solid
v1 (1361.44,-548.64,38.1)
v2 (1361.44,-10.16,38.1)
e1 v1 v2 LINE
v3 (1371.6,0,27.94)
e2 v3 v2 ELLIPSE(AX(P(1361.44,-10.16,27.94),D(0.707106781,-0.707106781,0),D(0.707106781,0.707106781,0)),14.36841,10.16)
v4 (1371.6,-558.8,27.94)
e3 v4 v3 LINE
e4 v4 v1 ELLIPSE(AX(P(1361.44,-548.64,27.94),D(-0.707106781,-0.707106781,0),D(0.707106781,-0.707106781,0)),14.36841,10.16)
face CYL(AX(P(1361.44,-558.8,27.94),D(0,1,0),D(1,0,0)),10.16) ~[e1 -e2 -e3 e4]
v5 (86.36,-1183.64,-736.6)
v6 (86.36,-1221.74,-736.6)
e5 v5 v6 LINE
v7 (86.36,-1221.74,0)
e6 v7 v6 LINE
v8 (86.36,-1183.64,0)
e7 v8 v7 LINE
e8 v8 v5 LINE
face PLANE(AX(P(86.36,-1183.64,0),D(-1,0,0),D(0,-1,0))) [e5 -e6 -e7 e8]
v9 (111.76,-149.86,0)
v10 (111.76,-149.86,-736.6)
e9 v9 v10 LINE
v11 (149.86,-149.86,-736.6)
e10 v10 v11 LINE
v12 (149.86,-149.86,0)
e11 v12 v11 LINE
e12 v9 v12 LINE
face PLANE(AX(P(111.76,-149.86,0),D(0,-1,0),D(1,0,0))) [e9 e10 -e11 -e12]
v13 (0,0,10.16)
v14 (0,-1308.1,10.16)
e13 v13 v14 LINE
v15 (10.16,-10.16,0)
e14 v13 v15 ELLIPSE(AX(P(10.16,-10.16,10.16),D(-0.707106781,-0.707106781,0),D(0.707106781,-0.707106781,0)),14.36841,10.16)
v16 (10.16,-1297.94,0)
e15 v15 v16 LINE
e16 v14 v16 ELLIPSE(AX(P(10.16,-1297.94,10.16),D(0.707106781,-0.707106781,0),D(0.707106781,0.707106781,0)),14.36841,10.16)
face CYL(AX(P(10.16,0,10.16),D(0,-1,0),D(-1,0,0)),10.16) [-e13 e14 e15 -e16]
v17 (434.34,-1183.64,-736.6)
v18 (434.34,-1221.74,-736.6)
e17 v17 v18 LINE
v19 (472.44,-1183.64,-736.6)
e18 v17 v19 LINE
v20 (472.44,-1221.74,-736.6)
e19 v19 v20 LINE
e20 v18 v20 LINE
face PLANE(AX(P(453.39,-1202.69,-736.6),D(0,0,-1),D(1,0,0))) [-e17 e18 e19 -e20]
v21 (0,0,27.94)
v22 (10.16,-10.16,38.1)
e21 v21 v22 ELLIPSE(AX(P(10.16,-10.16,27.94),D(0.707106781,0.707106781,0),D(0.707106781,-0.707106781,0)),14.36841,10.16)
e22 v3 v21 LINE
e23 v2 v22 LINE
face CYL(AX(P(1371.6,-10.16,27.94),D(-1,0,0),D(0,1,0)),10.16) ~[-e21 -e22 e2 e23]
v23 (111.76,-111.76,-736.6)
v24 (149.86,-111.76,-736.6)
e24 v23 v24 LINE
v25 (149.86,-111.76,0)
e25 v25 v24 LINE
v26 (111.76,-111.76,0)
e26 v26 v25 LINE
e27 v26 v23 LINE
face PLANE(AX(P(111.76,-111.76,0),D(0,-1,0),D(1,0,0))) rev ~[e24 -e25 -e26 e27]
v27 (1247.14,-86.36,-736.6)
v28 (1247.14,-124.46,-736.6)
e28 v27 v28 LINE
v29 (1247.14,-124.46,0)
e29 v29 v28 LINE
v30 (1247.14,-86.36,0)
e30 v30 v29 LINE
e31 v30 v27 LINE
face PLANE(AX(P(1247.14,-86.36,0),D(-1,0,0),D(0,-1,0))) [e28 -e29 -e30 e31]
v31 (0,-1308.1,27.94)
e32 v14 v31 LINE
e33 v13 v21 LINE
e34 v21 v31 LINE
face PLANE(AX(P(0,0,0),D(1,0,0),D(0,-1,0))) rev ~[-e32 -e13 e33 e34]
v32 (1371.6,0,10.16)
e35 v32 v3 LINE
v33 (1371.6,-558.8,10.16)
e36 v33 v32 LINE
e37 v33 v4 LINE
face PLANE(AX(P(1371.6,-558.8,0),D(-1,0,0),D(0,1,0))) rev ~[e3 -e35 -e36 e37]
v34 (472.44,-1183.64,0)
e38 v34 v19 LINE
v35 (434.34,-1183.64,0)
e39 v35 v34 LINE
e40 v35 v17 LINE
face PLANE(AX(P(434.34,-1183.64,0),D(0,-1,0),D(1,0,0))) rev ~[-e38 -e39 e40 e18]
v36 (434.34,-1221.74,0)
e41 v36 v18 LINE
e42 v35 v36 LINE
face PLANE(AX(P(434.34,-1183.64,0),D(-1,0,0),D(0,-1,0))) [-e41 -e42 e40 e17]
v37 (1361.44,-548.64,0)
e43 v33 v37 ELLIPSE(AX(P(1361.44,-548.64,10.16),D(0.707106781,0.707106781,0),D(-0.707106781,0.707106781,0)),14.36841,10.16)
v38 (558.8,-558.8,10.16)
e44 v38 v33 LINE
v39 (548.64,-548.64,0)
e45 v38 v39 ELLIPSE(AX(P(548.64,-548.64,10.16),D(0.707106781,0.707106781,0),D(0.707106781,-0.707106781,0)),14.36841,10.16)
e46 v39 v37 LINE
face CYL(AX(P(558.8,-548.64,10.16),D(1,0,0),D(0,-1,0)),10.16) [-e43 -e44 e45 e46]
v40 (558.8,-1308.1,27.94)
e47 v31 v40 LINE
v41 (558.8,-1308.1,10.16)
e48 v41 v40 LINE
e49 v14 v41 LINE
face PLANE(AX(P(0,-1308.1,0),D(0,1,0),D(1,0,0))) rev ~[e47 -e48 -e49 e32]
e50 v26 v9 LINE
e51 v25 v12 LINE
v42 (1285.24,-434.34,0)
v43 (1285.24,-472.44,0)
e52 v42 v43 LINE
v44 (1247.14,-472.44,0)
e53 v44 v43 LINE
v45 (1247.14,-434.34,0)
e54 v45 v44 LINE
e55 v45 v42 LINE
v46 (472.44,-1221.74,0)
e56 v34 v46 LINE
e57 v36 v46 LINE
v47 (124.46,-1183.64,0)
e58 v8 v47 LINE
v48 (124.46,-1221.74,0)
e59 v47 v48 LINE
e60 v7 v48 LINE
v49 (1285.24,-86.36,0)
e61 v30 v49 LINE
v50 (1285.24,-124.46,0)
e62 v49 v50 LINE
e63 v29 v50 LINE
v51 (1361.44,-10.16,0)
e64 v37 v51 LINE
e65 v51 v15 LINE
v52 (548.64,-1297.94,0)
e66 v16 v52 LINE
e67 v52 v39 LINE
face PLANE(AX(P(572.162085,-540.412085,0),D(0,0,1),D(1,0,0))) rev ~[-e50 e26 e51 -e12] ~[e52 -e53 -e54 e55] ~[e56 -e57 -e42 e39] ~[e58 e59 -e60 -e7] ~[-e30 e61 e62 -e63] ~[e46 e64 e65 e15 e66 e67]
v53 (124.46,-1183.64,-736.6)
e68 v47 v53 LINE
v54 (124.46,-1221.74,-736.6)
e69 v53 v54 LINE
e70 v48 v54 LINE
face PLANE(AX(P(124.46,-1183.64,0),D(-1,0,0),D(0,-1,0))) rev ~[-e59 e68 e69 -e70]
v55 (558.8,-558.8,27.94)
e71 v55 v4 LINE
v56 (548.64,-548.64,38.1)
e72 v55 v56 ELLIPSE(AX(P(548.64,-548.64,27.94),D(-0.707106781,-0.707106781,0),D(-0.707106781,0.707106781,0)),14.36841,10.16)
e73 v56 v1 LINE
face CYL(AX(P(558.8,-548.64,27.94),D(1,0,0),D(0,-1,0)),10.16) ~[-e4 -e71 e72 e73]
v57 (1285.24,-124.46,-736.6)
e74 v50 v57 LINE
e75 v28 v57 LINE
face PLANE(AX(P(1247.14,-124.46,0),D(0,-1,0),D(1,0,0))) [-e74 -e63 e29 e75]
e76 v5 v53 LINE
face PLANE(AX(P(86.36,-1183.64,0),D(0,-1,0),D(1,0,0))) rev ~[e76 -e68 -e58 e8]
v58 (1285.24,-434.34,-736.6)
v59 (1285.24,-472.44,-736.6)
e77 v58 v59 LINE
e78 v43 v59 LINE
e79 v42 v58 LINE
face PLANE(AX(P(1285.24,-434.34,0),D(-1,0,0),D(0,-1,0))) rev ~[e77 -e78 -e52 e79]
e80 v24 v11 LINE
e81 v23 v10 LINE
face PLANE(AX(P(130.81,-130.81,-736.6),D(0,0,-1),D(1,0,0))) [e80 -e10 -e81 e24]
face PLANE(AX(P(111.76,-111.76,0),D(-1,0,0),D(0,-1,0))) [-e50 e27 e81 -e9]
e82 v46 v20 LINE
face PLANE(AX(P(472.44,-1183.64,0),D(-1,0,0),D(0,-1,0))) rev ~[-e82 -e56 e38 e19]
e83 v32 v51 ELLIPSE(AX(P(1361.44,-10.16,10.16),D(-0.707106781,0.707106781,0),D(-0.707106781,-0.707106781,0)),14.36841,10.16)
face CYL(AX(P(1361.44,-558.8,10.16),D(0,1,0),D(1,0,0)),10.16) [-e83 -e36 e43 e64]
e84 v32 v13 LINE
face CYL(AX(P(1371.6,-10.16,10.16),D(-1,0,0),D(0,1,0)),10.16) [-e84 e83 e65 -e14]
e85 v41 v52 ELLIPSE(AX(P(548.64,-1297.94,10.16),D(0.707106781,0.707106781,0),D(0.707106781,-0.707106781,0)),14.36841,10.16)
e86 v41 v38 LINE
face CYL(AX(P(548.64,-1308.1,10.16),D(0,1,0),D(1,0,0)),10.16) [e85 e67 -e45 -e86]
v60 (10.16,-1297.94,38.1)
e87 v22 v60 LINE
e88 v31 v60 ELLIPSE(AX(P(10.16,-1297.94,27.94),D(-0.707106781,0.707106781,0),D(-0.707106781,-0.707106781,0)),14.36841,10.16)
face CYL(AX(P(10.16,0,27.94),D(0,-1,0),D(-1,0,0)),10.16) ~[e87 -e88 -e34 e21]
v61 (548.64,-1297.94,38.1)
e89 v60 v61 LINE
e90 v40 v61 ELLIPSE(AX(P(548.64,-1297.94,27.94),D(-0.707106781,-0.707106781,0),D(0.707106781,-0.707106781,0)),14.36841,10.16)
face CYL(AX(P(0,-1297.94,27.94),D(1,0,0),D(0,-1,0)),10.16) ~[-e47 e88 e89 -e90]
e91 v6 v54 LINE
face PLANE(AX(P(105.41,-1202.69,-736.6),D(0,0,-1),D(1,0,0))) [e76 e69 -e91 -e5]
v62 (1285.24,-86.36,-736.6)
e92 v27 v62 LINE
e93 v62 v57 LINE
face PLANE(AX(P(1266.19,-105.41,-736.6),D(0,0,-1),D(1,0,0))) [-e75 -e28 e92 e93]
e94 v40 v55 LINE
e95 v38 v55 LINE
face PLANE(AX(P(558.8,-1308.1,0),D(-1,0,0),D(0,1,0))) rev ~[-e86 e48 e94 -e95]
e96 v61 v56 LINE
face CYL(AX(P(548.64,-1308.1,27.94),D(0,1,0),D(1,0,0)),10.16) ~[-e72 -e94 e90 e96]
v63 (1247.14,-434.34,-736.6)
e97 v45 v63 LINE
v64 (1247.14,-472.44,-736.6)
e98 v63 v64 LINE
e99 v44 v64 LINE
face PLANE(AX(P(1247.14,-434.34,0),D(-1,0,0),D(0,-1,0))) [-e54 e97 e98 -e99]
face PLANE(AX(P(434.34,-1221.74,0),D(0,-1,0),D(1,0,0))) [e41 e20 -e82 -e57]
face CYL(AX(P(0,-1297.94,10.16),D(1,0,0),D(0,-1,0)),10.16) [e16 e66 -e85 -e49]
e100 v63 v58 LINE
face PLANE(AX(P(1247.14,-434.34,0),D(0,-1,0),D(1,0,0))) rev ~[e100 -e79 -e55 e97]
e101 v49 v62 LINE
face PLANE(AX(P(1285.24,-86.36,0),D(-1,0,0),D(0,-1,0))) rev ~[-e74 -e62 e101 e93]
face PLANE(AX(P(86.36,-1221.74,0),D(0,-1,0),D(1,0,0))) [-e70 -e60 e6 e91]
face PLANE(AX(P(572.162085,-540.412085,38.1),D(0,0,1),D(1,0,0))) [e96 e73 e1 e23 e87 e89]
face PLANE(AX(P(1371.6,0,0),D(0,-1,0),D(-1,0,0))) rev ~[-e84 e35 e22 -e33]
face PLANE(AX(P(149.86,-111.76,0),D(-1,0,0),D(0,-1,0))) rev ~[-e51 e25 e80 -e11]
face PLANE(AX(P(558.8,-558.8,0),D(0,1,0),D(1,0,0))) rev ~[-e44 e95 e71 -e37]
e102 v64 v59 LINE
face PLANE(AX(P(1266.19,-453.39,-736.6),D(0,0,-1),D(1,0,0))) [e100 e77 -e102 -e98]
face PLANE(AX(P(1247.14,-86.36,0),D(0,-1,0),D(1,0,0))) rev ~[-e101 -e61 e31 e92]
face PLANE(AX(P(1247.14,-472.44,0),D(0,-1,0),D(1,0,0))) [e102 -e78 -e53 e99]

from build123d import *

# Parameters (mm, degrees)
F1_DEPTH = 38.1
F2_R     = 10.16
F3_W     = 38.1
F3_H     = 38.1
F4_DEPTH = 736.6


with BuildPart() as f1:
    # F0 (on Top) → F1 (new body)
    with BuildSketch(Plane.XY):
        Polygon((1371.6, 0), (0, 0), (0, -1308.1), (558.8, -1308.1), (558.8, -558.8), (1371.6, -558.8), align=None)
    extrude(amount=F1_DEPTH)

    # F2
    f2_edges = [f1.edges().sort_by_distance(p)[0] for p in [
        (0, -654.05, 38.1),
        (279.4, -1308.1, 38.1),
        (558.8, -933.45, 38.1),
        (965.2, -558.8, 38.1),
        (1371.6, -279.4, 38.1),
        (685.8, 0, 38.1),
        (279.4, -1308.1, 0),
        (0, -654.05, 0),
        (685.8, 0, 0),
        (1371.6, -279.4, 0),
        (965.2, -558.8, 0),
        (558.8, -933.45, 0),
    ]]
    fillet(f2_edges, radius=F2_R)

    # F3 (on face) → F4 (join)
    with BuildSketch(Plane(origin=(0, 0, 0), x_dir=(1, 0, 0), z_dir=(0, 0, -1))):
        with Locations((130.81, 130.81)):
            Rectangle(F3_W, F3_H)
        with Locations((1266.19, 105.41)):
            Rectangle(F3_W, F3_H)
        with Locations((1266.19, 453.39)):
            Rectangle(F3_W, F3_H)
        with Locations((105.41, 1202.69)):
            Rectangle(F3_W, F3_H)
        with Locations((453.39, 1202.69)):
            Rectangle(F3_W, F3_H)
    extrude(amount=F4_DEPTH)


solid = f1.part
